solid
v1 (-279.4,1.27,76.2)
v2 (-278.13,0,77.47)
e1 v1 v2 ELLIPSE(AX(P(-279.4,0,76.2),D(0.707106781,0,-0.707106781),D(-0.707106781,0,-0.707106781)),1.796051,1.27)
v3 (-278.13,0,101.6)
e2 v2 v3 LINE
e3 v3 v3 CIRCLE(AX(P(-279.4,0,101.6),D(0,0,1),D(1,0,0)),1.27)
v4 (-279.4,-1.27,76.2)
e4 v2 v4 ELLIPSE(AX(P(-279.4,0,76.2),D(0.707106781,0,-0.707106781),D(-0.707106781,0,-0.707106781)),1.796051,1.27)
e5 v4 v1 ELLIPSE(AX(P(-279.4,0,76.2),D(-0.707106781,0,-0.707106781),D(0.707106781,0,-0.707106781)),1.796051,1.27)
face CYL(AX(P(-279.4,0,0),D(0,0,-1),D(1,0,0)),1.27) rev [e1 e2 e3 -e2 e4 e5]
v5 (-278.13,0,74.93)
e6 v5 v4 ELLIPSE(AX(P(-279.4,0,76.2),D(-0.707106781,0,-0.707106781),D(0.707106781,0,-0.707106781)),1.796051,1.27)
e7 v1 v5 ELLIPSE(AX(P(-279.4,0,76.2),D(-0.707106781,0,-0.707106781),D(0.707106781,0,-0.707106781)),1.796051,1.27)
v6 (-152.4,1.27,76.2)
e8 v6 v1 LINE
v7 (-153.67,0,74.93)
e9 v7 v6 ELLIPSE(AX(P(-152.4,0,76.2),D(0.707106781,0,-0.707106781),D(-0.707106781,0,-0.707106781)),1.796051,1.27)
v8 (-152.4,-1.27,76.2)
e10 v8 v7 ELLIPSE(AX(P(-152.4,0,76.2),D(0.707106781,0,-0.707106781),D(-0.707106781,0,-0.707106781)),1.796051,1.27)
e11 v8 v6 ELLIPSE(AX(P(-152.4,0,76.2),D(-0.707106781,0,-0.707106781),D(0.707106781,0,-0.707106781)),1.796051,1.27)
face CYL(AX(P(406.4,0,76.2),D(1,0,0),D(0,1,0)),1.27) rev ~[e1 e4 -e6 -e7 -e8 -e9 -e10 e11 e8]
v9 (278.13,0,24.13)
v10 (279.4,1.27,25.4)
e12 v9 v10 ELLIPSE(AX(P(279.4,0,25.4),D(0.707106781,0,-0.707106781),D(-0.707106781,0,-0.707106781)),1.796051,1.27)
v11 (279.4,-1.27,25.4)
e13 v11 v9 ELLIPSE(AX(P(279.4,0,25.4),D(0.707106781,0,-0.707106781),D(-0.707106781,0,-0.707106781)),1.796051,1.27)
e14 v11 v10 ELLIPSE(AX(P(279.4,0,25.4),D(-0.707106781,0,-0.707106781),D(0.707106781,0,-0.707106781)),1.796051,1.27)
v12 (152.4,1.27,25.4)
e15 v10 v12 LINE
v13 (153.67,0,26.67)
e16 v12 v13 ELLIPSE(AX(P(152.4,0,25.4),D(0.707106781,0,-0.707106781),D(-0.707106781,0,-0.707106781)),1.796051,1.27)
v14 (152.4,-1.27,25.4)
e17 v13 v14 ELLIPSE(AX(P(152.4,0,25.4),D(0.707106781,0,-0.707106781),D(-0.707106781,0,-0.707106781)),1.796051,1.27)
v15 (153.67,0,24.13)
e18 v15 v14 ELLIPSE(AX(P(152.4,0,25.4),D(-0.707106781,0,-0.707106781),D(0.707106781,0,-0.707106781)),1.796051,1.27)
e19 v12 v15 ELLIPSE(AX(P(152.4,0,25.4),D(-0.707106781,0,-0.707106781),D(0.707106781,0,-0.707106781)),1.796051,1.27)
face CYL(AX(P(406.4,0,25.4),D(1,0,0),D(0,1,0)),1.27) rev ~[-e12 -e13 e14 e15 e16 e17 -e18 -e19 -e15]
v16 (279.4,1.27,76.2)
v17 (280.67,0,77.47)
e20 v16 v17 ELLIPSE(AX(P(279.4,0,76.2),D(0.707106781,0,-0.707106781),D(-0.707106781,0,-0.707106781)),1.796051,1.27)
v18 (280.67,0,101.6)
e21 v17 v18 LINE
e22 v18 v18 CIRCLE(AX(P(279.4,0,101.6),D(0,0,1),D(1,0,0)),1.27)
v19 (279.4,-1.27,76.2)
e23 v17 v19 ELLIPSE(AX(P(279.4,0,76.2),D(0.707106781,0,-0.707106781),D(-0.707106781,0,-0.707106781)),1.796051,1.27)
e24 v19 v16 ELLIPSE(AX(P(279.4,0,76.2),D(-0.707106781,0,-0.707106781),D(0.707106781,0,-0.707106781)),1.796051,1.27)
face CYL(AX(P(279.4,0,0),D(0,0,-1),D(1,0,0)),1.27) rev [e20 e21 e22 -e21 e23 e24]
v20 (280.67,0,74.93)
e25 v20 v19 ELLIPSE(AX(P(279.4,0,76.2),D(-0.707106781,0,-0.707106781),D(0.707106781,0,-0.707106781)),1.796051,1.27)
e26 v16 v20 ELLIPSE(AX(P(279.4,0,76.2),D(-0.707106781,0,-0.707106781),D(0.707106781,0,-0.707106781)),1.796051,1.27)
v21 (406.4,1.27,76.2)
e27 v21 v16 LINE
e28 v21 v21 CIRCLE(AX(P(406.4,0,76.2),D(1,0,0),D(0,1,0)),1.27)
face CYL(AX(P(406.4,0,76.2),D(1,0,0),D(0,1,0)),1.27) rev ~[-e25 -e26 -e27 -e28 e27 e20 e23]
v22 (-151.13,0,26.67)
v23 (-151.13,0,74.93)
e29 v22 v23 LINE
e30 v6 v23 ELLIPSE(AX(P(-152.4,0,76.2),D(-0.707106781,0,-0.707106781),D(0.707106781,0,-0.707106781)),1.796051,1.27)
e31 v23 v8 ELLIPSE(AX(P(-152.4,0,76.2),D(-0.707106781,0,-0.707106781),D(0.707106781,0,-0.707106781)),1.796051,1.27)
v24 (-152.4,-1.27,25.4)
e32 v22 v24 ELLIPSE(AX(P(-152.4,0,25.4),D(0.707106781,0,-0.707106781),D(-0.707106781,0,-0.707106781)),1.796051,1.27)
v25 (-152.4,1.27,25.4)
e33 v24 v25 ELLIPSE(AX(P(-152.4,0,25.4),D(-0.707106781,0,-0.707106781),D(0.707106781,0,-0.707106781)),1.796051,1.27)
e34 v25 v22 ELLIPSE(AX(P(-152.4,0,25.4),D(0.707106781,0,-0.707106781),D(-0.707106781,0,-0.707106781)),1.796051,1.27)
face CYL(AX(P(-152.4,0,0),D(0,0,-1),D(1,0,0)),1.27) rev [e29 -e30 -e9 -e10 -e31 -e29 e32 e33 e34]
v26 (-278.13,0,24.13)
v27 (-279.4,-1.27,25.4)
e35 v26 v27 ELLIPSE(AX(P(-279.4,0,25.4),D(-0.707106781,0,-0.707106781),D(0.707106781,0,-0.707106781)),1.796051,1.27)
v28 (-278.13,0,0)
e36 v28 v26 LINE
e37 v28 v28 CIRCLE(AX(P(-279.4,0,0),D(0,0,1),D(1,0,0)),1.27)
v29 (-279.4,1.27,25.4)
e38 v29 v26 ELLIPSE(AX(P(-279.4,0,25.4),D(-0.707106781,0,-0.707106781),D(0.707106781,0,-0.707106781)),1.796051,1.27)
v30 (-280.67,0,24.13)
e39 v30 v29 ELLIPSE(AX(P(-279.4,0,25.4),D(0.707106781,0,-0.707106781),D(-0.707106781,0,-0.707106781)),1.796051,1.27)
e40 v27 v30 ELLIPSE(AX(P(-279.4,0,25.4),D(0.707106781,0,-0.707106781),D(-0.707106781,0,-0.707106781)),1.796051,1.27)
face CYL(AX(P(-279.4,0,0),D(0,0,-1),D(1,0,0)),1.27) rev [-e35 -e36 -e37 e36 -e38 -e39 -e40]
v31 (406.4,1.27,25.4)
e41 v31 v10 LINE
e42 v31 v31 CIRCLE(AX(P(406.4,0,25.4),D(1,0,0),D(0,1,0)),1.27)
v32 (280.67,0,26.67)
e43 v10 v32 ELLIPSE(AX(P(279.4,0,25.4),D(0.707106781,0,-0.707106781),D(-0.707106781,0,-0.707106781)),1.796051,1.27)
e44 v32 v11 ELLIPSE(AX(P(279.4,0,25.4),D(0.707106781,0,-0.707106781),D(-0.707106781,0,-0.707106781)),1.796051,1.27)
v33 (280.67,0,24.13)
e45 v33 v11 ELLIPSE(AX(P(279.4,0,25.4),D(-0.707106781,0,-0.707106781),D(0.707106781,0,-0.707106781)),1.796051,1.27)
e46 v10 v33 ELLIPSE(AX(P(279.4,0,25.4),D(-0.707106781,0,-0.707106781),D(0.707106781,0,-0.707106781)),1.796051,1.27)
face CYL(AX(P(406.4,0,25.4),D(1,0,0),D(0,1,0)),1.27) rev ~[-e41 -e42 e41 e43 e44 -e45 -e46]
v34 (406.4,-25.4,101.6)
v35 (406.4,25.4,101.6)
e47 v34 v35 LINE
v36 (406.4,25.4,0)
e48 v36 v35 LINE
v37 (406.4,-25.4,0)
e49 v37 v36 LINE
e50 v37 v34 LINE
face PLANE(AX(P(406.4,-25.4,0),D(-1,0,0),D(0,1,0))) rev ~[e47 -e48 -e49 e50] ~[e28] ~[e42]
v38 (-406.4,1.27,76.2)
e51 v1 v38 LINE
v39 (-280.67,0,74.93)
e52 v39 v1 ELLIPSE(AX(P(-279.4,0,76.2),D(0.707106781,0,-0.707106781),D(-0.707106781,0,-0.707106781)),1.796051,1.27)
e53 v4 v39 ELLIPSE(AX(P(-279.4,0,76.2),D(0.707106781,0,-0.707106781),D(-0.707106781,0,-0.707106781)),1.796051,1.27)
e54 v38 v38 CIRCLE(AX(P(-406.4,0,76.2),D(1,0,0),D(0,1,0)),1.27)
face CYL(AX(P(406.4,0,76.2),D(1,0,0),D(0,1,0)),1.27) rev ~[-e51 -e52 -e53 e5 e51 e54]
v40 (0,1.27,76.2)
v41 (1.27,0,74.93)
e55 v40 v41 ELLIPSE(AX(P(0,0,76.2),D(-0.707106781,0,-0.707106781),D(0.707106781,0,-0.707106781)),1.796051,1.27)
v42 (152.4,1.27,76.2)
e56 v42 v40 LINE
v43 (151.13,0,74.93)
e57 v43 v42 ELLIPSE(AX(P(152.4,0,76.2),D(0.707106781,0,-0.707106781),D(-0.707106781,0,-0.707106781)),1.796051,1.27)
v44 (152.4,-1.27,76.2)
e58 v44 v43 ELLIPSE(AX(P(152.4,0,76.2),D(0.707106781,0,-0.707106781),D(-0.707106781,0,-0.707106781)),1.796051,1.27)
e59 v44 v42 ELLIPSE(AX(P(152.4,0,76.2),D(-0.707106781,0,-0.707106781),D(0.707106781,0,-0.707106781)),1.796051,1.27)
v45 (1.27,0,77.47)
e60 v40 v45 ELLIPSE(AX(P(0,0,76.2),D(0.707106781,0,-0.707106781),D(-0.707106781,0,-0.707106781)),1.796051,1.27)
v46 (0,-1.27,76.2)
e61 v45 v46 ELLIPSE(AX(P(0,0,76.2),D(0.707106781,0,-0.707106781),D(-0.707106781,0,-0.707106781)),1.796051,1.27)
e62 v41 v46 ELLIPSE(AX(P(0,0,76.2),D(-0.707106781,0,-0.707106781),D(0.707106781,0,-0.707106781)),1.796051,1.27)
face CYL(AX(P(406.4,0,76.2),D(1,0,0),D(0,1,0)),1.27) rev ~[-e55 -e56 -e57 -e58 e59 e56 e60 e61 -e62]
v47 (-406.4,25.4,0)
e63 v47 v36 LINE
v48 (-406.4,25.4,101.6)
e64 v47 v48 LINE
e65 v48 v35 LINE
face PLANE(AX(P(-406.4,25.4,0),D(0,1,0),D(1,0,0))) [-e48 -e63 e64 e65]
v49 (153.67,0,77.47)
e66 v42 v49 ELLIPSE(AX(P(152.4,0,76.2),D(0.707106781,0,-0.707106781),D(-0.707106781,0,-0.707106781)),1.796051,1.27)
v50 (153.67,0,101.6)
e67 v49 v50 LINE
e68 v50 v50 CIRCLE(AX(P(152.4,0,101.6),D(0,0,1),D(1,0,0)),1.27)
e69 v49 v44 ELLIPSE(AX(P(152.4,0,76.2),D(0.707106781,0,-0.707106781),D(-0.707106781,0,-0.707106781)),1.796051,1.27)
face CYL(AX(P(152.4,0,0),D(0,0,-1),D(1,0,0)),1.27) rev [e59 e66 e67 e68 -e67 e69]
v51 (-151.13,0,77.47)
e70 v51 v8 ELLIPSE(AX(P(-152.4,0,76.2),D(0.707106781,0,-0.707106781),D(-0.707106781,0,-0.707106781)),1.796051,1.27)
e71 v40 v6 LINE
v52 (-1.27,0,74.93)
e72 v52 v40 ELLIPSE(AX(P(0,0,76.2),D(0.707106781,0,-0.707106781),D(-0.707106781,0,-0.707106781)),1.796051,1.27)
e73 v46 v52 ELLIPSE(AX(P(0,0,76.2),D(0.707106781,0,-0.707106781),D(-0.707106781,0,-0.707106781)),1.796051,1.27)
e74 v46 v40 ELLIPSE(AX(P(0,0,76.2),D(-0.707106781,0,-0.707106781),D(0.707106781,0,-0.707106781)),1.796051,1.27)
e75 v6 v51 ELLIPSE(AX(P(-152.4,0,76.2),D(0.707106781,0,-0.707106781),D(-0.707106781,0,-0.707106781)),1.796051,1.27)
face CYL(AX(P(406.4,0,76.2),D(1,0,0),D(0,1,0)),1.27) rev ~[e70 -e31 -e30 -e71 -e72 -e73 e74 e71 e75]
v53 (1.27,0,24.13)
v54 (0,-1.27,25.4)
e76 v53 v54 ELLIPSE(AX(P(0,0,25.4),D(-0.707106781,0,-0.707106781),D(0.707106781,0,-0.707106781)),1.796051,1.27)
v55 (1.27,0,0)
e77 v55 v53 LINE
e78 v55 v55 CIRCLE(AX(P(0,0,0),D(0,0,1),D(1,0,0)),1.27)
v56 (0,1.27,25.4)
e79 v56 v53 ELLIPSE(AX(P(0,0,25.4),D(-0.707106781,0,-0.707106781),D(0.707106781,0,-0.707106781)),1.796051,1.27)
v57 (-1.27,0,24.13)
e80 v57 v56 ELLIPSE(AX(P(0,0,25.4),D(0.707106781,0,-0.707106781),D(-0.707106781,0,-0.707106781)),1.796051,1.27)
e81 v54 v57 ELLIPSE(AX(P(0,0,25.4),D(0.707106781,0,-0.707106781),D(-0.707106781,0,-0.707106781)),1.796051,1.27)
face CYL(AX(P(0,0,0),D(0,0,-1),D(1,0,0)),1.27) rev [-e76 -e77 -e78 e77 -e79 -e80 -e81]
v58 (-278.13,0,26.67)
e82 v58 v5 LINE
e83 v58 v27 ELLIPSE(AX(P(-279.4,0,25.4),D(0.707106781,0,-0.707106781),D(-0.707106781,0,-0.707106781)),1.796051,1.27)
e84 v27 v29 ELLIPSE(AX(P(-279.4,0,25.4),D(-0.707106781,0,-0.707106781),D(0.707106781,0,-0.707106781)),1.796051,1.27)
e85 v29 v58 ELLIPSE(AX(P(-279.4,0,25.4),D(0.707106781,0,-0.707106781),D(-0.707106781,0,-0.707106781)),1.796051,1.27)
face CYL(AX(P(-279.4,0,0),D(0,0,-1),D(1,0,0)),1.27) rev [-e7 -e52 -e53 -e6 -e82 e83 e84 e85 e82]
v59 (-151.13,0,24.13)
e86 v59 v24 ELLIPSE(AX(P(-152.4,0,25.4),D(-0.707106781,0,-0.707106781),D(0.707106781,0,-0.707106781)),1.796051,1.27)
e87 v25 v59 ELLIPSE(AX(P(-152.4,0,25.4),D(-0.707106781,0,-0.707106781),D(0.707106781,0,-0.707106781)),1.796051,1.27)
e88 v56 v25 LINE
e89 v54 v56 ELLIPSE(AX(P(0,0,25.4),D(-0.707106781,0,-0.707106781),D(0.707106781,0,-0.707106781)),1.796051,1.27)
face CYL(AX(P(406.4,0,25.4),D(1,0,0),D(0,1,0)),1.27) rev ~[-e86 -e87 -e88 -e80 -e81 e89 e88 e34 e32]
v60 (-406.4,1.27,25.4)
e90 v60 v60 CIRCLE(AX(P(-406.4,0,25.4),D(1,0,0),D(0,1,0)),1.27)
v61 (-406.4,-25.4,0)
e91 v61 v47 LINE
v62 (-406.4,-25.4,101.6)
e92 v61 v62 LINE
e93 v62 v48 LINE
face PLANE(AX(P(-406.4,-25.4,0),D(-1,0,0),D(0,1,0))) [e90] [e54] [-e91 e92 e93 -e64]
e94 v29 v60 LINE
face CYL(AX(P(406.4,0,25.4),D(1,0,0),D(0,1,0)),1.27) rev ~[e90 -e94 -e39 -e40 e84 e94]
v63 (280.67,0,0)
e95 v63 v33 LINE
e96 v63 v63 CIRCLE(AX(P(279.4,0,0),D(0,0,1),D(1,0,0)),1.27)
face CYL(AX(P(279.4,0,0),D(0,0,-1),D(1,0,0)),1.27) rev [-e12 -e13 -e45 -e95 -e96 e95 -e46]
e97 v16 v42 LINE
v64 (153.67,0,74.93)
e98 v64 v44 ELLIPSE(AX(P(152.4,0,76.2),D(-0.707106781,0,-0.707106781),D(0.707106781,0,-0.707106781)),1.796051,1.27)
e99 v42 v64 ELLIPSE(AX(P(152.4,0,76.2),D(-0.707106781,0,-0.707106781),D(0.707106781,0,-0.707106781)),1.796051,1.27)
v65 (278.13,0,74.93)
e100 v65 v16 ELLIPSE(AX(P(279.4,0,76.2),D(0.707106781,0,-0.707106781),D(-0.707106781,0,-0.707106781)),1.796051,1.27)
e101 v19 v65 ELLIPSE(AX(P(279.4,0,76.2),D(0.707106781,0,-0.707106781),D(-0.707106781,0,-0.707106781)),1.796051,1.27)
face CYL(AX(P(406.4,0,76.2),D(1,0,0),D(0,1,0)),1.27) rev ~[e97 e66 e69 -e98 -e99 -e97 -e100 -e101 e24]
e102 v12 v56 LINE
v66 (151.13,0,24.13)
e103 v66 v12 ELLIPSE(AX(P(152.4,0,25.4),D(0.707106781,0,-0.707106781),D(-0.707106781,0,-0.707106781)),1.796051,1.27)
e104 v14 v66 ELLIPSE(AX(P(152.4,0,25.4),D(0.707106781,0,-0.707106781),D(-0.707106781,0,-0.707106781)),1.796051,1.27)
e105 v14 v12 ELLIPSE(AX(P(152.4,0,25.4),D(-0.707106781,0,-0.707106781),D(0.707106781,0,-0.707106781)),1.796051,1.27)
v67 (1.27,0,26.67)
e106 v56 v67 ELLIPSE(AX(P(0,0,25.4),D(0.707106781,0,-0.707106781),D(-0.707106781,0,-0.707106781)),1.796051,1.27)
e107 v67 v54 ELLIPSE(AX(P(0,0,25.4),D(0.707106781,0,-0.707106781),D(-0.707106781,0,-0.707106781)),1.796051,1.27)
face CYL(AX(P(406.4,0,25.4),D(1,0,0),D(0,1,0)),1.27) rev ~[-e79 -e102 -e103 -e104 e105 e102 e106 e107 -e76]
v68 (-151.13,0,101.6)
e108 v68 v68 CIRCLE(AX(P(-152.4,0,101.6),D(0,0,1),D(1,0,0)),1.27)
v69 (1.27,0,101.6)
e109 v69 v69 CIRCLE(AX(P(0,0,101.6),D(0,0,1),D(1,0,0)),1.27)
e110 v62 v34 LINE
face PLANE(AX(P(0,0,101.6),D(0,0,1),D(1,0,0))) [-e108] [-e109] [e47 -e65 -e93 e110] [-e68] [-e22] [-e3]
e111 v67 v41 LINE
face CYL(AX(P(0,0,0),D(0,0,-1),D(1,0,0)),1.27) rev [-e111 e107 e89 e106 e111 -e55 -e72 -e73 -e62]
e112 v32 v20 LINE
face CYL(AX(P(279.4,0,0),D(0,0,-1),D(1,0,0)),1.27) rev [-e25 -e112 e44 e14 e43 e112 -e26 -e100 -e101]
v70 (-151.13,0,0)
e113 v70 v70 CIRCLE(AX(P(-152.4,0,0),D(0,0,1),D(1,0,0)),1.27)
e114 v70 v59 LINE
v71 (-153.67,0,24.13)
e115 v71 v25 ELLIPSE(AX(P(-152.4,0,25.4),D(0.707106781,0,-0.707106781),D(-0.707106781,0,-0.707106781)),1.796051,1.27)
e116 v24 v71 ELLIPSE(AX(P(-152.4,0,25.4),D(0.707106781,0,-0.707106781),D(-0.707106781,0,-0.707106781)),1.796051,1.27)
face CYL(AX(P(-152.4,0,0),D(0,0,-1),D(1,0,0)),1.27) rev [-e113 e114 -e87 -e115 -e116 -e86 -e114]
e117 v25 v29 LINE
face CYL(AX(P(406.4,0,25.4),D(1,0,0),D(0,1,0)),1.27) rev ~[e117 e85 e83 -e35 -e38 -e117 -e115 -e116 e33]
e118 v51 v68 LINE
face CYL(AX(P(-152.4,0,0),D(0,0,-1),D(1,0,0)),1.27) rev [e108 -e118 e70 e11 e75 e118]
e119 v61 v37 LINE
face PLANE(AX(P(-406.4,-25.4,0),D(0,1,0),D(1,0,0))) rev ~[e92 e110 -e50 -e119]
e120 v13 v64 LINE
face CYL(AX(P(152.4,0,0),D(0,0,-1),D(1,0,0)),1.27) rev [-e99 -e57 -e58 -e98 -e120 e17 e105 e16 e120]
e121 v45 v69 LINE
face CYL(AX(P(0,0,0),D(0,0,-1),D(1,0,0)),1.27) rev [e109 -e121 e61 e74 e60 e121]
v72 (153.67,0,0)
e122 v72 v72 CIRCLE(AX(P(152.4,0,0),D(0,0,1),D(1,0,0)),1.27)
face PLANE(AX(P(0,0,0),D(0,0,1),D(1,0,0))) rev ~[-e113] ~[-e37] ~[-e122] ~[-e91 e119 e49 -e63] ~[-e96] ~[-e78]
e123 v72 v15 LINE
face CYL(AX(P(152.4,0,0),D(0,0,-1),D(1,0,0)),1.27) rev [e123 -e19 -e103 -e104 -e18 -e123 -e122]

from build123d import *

# Parameters (mm, degrees)
F0_W     = 812.8
F0_H     = 50.8
F0_R     = 1.27
F1_DEPTH = 101.6
F2_R     = 1.27
F3_DEPTH = 812.801


with BuildPart() as f1:
    # F0 (on Top) → F1 (new body)
    with BuildSketch(Plane.XY):
        Rectangle(F0_W, F0_H)
        with Locations((-279.4, 0)):
            Circle(F0_R, mode=Mode.SUBTRACT)
        with Locations((-152.4, 0)):
            Circle(F0_R, mode=Mode.SUBTRACT)
        Circle(F0_R, mode=Mode.SUBTRACT)
        with Locations((152.4, 0)):
            Circle(F0_R, mode=Mode.SUBTRACT)
        with Locations((279.4, 0)):
            Circle(F0_R, mode=Mode.SUBTRACT)
    extrude(amount=F1_DEPTH)

    # F2 (on face) → F3 (cut, through all)
    with BuildSketch(Plane.YZ.offset(406.4)):
        with Locations((0, 76.2)):
            Circle(F2_R)
        with Locations((0, 25.4)):
            Circle(F2_R)
    extrude(amount=-F3_DEPTH, mode=Mode.SUBTRACT)


solid = f1.part
